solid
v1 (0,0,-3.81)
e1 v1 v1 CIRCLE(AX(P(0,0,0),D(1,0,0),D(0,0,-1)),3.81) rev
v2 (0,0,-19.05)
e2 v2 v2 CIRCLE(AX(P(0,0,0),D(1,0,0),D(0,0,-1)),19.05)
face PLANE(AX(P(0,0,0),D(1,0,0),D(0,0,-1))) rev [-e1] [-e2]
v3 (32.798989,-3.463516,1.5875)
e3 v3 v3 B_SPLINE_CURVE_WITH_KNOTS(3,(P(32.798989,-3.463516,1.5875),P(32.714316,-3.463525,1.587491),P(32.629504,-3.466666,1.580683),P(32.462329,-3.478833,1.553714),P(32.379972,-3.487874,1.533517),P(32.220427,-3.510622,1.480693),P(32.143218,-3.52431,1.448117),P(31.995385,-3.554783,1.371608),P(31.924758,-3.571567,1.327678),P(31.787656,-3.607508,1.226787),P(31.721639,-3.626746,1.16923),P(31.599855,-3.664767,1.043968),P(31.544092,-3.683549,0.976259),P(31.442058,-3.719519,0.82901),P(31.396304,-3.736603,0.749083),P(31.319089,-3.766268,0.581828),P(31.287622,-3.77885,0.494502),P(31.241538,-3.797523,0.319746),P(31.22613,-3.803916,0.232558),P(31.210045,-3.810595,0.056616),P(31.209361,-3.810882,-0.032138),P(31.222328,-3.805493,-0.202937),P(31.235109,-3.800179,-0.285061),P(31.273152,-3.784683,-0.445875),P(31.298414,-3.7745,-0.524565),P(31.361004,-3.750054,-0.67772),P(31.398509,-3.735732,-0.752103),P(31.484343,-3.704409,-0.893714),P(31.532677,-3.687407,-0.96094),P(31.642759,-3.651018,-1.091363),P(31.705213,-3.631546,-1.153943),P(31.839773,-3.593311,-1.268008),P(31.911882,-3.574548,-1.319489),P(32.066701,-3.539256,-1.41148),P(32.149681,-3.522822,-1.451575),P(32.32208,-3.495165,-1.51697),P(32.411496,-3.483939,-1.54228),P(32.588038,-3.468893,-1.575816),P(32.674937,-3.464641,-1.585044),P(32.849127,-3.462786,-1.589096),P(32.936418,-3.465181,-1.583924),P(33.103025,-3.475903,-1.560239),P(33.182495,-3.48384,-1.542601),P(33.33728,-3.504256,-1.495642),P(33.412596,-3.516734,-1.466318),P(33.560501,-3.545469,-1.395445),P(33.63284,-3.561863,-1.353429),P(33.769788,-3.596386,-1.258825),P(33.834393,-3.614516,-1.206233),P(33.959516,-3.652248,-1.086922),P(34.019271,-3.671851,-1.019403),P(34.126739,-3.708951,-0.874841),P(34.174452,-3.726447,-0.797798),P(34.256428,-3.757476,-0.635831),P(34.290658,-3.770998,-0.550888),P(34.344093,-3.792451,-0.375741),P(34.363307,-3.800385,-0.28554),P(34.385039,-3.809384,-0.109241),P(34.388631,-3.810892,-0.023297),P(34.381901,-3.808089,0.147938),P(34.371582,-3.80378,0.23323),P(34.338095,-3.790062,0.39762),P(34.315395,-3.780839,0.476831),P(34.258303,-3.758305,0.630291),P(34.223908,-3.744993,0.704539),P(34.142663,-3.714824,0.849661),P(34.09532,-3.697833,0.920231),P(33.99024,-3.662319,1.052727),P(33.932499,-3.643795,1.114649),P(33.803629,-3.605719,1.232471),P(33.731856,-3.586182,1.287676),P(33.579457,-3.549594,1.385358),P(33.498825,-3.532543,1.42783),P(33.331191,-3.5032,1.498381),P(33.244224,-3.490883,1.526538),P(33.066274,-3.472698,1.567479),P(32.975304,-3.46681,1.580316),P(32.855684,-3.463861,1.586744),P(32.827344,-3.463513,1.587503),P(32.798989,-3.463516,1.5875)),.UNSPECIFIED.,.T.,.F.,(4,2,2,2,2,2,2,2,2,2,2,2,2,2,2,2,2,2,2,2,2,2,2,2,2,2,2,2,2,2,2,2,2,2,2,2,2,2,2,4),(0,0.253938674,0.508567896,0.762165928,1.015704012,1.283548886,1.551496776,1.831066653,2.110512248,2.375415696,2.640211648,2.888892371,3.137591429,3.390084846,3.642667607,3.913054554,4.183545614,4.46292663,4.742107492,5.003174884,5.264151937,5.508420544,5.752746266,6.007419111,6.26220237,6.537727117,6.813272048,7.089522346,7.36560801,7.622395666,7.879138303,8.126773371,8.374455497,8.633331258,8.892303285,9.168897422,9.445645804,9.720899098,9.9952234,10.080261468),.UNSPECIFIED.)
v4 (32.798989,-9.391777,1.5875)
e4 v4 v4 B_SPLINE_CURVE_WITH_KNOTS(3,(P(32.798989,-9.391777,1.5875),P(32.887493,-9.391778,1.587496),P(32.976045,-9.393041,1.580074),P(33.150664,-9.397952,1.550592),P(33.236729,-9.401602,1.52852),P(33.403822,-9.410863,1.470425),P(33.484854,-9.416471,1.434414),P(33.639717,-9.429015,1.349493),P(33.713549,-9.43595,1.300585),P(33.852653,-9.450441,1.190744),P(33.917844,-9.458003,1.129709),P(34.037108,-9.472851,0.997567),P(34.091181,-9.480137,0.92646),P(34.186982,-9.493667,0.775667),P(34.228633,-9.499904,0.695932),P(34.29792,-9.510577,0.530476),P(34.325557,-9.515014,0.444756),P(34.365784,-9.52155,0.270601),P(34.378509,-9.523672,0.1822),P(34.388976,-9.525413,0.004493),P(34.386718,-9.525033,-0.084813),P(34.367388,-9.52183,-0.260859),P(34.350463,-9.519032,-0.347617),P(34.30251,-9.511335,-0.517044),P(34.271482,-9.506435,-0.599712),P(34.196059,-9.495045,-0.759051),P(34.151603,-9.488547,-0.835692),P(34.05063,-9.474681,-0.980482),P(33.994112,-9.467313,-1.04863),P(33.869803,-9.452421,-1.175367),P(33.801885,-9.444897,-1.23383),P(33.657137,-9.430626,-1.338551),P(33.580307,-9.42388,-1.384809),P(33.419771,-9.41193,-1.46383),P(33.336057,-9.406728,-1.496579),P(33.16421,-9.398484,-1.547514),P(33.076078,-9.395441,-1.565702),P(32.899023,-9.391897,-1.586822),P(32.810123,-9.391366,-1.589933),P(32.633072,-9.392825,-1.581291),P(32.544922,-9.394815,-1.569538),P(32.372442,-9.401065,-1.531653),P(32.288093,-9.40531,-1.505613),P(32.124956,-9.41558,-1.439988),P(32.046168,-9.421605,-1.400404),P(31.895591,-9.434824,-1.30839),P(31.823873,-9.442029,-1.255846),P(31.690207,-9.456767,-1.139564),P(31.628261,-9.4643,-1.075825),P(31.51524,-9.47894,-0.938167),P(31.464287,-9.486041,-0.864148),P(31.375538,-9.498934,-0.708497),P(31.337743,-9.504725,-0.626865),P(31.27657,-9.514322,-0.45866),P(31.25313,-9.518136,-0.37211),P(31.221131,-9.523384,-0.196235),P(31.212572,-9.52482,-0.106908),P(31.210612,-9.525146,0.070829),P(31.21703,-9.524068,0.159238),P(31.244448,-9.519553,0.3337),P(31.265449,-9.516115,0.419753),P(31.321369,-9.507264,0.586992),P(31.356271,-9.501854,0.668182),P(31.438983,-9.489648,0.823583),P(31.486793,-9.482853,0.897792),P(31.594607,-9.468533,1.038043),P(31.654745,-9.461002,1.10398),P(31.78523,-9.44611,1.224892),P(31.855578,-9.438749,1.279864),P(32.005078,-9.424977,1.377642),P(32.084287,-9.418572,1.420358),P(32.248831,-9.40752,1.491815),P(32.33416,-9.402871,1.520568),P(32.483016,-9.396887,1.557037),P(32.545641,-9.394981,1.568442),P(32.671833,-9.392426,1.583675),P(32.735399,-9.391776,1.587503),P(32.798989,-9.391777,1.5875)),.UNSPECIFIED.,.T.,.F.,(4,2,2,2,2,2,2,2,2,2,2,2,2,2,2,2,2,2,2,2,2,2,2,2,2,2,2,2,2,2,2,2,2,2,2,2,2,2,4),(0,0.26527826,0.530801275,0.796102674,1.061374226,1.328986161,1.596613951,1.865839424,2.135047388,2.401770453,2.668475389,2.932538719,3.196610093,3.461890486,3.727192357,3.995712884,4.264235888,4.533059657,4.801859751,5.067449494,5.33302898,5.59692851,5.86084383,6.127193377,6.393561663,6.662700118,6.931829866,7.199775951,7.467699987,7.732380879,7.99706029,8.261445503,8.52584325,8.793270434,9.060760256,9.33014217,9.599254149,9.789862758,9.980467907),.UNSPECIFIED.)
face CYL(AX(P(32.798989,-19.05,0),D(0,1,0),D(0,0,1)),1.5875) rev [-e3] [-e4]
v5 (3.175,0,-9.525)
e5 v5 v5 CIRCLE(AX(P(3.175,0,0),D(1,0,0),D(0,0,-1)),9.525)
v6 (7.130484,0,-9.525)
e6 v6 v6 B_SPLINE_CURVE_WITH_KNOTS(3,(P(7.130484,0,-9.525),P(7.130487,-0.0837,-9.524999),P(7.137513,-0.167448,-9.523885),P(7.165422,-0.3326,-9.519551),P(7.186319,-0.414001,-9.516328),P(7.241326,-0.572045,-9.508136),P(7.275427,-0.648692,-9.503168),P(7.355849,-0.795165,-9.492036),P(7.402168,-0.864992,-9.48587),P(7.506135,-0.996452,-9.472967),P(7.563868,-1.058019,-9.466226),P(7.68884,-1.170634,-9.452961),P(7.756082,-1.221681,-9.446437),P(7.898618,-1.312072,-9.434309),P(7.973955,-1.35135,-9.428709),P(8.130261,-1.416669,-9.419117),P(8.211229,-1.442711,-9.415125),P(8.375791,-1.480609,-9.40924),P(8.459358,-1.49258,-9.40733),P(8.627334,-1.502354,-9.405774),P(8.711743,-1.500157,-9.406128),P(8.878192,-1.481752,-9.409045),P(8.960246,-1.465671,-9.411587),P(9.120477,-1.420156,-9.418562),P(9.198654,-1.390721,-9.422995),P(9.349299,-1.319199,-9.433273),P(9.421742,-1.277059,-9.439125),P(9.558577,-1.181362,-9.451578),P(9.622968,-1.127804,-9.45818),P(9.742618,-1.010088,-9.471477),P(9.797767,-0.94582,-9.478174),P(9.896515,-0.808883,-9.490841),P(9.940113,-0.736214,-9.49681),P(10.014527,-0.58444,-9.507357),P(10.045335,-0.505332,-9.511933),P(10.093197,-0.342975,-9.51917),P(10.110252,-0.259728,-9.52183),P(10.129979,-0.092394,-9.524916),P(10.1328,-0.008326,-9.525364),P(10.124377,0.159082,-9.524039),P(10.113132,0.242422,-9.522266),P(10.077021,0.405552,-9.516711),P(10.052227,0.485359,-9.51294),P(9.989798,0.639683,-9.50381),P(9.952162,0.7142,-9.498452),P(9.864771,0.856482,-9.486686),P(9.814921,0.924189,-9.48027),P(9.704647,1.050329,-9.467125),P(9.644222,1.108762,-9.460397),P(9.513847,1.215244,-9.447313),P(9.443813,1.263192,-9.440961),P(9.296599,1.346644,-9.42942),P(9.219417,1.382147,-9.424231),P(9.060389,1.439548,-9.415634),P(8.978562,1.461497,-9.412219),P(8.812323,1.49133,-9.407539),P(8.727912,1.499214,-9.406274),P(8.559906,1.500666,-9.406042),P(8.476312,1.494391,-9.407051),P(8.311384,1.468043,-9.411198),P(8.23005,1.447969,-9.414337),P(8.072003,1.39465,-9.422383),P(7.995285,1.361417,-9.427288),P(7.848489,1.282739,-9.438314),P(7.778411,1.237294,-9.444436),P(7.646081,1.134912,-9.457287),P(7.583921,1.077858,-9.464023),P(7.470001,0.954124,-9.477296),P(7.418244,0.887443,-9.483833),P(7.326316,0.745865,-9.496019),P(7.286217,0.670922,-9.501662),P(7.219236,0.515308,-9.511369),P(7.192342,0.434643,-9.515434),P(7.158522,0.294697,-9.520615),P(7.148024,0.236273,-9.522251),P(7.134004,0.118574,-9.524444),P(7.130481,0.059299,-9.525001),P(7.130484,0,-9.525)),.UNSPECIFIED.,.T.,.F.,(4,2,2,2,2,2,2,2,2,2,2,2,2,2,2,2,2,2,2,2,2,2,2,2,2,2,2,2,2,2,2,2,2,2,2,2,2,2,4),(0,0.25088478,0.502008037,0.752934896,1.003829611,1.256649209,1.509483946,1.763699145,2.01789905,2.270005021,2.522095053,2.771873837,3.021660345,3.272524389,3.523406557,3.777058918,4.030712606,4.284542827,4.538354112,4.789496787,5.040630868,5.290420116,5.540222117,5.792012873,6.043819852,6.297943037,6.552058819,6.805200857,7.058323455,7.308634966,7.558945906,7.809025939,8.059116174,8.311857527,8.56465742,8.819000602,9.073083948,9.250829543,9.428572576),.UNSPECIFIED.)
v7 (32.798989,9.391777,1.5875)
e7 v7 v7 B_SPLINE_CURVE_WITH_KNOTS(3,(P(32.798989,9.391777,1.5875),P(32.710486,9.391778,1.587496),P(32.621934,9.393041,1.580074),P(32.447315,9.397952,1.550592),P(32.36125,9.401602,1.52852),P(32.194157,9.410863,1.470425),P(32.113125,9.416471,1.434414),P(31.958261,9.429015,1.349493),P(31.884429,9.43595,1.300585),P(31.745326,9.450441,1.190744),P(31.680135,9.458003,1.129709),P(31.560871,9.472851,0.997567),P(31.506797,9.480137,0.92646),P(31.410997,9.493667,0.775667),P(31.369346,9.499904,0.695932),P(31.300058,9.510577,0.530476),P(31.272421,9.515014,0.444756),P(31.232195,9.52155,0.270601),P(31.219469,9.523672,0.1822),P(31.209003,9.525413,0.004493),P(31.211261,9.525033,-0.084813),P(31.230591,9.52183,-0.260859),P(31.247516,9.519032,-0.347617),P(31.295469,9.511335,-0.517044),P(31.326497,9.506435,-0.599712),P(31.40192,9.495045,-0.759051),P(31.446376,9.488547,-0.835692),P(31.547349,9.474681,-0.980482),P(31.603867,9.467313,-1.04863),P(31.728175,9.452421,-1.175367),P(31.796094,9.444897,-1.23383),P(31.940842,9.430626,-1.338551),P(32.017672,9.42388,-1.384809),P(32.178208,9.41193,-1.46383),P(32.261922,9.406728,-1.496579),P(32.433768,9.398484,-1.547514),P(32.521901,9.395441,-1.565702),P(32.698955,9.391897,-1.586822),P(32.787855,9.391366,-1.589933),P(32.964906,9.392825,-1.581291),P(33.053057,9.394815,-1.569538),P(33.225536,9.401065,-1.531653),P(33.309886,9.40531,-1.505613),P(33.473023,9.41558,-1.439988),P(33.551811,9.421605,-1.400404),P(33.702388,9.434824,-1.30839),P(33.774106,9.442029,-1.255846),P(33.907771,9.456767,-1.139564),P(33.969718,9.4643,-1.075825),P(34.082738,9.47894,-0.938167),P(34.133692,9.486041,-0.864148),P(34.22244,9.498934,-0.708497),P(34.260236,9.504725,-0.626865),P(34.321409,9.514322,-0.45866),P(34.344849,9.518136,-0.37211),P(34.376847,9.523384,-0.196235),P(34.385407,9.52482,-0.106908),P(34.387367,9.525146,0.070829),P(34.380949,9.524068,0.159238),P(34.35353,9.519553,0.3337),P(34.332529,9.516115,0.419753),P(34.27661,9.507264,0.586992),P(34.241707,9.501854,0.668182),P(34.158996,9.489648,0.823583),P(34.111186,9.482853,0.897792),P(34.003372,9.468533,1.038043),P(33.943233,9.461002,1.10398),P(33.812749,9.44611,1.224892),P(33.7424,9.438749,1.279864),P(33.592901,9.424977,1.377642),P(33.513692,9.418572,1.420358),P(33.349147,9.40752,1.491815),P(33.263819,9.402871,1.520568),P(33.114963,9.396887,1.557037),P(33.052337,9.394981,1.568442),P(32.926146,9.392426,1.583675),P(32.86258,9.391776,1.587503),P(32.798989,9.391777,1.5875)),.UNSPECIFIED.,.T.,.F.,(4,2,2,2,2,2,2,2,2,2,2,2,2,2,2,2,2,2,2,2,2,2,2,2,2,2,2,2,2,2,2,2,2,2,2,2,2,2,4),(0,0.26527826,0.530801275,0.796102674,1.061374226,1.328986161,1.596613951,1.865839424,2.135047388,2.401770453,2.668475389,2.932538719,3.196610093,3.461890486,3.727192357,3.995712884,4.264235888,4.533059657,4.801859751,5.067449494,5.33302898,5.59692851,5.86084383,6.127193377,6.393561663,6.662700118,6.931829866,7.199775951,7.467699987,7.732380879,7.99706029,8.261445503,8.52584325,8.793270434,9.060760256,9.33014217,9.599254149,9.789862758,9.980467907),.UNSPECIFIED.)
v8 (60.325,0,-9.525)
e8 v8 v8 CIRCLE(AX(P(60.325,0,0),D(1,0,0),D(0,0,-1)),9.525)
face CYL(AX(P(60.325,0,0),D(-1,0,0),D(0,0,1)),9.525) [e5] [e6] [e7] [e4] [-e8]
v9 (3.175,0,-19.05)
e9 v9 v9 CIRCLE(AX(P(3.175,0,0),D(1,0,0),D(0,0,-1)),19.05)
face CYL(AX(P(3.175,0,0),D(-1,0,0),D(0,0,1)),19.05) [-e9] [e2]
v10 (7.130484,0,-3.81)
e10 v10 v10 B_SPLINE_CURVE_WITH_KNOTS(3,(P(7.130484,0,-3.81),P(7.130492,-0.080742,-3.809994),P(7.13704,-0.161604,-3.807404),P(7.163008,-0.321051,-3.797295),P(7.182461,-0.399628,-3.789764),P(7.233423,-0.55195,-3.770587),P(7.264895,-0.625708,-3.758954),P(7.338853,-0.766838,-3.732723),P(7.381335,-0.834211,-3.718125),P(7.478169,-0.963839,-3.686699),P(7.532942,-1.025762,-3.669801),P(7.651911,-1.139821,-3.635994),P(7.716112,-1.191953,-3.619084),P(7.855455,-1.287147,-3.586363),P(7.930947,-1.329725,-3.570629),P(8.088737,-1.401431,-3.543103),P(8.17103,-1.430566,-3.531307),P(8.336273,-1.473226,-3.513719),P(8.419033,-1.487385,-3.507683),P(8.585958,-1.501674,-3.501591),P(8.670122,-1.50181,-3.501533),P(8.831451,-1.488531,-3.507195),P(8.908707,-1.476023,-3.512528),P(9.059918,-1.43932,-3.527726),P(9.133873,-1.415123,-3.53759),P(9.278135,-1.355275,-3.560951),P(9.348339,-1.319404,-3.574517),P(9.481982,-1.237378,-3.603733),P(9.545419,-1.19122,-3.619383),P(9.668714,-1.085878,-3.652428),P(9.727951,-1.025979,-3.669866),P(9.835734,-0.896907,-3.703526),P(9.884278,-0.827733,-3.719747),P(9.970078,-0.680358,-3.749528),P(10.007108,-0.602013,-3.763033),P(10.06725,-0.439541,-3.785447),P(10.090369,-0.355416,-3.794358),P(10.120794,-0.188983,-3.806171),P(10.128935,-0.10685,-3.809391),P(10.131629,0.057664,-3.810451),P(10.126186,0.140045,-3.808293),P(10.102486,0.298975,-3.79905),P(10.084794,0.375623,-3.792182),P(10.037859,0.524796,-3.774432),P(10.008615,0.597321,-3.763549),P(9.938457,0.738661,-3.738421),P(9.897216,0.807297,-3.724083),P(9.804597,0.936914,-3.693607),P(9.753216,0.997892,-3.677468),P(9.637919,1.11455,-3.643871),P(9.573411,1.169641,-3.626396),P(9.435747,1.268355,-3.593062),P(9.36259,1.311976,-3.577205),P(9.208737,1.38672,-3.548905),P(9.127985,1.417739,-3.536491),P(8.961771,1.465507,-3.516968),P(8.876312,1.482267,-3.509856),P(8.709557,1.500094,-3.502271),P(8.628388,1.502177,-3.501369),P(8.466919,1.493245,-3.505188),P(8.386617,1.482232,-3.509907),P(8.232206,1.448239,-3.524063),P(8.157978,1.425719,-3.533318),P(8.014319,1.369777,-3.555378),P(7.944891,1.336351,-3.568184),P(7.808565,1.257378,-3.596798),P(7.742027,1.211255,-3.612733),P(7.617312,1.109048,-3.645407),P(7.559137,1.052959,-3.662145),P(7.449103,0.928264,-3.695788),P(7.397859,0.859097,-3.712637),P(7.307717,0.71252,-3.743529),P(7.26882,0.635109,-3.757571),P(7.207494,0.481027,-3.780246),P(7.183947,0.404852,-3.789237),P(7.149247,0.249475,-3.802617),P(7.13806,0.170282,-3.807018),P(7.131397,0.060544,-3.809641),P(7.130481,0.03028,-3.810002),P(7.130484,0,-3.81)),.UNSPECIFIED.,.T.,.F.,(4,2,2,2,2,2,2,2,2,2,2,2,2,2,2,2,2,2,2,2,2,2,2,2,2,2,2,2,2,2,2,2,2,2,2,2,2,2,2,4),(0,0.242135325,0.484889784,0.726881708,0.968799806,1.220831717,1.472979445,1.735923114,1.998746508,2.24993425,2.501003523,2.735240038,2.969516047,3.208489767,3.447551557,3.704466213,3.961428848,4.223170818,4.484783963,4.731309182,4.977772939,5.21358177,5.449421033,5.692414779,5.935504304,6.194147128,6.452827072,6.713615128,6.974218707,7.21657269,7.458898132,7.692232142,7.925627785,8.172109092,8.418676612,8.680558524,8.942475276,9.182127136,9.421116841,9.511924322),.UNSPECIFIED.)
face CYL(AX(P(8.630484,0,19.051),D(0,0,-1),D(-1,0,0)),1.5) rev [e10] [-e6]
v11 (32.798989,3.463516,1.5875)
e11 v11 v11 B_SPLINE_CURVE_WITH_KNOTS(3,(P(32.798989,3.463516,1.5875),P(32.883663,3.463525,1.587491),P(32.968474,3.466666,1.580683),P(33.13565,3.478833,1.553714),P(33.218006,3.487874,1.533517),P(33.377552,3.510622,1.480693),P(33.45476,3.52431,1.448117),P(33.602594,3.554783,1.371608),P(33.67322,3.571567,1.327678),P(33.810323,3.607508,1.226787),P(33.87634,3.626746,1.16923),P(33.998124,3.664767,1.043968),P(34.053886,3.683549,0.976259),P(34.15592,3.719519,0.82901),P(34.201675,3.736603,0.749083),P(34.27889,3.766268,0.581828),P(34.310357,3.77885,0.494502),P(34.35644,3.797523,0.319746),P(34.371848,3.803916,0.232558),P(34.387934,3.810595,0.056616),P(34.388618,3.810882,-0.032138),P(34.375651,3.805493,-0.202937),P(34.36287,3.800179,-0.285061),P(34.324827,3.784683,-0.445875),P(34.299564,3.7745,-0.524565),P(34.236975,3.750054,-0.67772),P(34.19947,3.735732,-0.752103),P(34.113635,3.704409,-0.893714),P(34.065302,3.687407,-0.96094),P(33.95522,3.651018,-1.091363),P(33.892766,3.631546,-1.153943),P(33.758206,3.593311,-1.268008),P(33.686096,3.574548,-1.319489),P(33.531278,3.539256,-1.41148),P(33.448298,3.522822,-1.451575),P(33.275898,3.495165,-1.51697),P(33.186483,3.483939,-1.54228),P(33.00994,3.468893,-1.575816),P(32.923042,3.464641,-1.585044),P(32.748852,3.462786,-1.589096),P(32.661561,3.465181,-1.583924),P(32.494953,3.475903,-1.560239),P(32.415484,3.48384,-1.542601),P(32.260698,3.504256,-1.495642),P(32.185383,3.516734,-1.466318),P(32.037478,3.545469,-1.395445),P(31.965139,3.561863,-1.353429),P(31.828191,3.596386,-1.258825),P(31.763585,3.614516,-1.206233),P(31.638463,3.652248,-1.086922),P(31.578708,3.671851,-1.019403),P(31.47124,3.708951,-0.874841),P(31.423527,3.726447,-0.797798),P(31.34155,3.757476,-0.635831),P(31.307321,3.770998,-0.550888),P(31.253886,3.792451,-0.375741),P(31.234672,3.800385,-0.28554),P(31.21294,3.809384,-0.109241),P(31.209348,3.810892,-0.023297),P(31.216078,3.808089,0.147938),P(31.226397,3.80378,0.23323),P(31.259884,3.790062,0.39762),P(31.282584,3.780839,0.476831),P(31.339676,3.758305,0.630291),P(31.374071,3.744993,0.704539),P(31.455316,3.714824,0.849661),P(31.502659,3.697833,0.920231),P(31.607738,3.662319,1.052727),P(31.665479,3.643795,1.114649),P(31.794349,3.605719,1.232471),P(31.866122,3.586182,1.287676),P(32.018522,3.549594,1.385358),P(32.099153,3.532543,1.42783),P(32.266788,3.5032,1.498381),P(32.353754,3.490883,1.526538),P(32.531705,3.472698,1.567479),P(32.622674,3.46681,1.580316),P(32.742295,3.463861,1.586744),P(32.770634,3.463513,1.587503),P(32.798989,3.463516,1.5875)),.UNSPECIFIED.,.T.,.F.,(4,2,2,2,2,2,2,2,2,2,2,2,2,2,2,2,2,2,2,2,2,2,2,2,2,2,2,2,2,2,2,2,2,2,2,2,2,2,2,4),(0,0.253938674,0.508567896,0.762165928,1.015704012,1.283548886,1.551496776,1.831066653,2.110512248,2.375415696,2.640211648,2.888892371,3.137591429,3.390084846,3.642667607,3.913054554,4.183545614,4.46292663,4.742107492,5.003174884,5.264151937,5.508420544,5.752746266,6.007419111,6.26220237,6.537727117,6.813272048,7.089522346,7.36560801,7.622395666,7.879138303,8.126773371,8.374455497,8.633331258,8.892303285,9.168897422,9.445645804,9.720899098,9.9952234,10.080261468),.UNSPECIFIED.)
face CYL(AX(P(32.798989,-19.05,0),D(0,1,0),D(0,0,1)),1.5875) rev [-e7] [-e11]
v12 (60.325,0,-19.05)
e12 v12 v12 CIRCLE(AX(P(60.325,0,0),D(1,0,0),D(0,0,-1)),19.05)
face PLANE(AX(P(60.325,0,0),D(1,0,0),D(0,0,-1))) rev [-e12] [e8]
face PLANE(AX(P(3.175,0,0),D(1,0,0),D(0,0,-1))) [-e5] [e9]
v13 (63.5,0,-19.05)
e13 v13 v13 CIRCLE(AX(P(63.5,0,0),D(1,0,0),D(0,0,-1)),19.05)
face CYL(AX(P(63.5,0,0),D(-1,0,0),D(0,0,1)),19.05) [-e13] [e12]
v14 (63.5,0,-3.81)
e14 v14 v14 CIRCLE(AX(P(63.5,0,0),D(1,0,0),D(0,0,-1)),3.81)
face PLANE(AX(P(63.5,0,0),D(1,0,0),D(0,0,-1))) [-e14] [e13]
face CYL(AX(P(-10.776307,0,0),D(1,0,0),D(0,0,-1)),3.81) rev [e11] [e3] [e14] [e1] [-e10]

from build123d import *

# Parameters (mm, degrees)
SKETCH1_R               = 19.05
BOSS_EXTRUDE1_DEPTH     = 3.175
SKETCH2_R               = 9.525
BOSS_EXTRUDE2_DEPTH     = 57.15
SKETCH3_R               = 19.05
BOSS_EXTRUDE3_DEPTH     = 3.175
SKETCH4_R               = 3.81
CUT_EXTRUDE1_DEPTH      = 63.5
CUT_EXTRUDE2_REACH      = 30.575
CUT_EXTRUDE2_END_RADIUS = 3.81
SKETCH5_R               = 1.5
SKETCH6_R               = 1.5875
CUT_EXTRUDE3_DEPTH      = 20.05
CUT_EXTRUDE3_DEPTH_BACK = 20.05


with BuildPart() as part:
    # Sketch1 → Boss-Extrude1 (new body)
    with BuildSketch(Plane(origin=(0, 0, 0), x_dir=(0, 0, -1), z_dir=(1, 0, 0))):
        Circle(SKETCH1_R)
    extrude(amount=BOSS_EXTRUDE1_DEPTH)

    # Sketch2 → Boss-Extrude2 (add)
    with BuildSketch(Plane(origin=(3.175, 0, 0), x_dir=(0, 0, -1), z_dir=(1, 0, 0))):
        Circle(SKETCH2_R)
    extrude(amount=BOSS_EXTRUDE2_DEPTH)

    # Sketch3 → Boss-Extrude3 (add)
    with BuildSketch(Plane(origin=(60.325, 0, 0), x_dir=(0, 0, -1), z_dir=(1, 0, 0))):
        Circle(SKETCH3_R)
    extrude(amount=BOSS_EXTRUDE3_DEPTH)

    # Sketch4 → Cut-Extrude1 (cut)
    with BuildSketch(Plane(origin=(63.5, 0, 0), x_dir=(0, 0, -1), z_dir=(1, 0, 0))):
        Circle(SKETCH4_R)
    extrude(amount=-CUT_EXTRUDE1_DEPTH, mode=Mode.SUBTRACT)

    # Cut-Extrude2: up to this cylinder (the profile starts outside it)
    cut_extrude2_end = Plane(origin=(8.630484, 0, 0), z_dir=(1, 0, 0)) * Cylinder(CUT_EXTRUDE2_END_RADIUS, 69.77, mode=Mode.PRIVATE)
    # Sketch5 → Cut-Extrude2 (cut, up to the surface)
    with BuildSketch(Plane(origin=(0, 0, -9.525), x_dir=(-1, 0, 0), z_dir=(0, 0, -1)), mode=Mode.PRIVATE) as cut_extrude2_sk1:
        with Locations((-8.630483707, 0)):
            Circle(SKETCH5_R)
    cut_extrude2_tool1 = extrude(cut_extrude2_sk1.sketch, amount=-CUT_EXTRUDE2_REACH, mode=Mode.PRIVATE) - cut_extrude2_end
    add(cut_extrude2_tool1.solids().sort_by_distance((8.630484, 0, -9.525))[0], mode=Mode.SUBTRACT)

    # Sketch6 → Cut-Extrude3 (cut, two sides)
    with BuildSketch(Plane(origin=(0, 0, 0), x_dir=(1, 0, 0), z_dir=(0, 1, 0))) as cut_extrude3_sk:
        with Locations(Location((32.798989334, 0, 0), (0, 0, 270))):  # turned: the seam where the file's is
            Circle(SKETCH6_R)
    extrude(amount=CUT_EXTRUDE3_DEPTH, mode=Mode.SUBTRACT)
    extrude(cut_extrude3_sk.sketch, amount=-CUT_EXTRUDE3_DEPTH_BACK, mode=Mode.SUBTRACT)


solid = part.part
